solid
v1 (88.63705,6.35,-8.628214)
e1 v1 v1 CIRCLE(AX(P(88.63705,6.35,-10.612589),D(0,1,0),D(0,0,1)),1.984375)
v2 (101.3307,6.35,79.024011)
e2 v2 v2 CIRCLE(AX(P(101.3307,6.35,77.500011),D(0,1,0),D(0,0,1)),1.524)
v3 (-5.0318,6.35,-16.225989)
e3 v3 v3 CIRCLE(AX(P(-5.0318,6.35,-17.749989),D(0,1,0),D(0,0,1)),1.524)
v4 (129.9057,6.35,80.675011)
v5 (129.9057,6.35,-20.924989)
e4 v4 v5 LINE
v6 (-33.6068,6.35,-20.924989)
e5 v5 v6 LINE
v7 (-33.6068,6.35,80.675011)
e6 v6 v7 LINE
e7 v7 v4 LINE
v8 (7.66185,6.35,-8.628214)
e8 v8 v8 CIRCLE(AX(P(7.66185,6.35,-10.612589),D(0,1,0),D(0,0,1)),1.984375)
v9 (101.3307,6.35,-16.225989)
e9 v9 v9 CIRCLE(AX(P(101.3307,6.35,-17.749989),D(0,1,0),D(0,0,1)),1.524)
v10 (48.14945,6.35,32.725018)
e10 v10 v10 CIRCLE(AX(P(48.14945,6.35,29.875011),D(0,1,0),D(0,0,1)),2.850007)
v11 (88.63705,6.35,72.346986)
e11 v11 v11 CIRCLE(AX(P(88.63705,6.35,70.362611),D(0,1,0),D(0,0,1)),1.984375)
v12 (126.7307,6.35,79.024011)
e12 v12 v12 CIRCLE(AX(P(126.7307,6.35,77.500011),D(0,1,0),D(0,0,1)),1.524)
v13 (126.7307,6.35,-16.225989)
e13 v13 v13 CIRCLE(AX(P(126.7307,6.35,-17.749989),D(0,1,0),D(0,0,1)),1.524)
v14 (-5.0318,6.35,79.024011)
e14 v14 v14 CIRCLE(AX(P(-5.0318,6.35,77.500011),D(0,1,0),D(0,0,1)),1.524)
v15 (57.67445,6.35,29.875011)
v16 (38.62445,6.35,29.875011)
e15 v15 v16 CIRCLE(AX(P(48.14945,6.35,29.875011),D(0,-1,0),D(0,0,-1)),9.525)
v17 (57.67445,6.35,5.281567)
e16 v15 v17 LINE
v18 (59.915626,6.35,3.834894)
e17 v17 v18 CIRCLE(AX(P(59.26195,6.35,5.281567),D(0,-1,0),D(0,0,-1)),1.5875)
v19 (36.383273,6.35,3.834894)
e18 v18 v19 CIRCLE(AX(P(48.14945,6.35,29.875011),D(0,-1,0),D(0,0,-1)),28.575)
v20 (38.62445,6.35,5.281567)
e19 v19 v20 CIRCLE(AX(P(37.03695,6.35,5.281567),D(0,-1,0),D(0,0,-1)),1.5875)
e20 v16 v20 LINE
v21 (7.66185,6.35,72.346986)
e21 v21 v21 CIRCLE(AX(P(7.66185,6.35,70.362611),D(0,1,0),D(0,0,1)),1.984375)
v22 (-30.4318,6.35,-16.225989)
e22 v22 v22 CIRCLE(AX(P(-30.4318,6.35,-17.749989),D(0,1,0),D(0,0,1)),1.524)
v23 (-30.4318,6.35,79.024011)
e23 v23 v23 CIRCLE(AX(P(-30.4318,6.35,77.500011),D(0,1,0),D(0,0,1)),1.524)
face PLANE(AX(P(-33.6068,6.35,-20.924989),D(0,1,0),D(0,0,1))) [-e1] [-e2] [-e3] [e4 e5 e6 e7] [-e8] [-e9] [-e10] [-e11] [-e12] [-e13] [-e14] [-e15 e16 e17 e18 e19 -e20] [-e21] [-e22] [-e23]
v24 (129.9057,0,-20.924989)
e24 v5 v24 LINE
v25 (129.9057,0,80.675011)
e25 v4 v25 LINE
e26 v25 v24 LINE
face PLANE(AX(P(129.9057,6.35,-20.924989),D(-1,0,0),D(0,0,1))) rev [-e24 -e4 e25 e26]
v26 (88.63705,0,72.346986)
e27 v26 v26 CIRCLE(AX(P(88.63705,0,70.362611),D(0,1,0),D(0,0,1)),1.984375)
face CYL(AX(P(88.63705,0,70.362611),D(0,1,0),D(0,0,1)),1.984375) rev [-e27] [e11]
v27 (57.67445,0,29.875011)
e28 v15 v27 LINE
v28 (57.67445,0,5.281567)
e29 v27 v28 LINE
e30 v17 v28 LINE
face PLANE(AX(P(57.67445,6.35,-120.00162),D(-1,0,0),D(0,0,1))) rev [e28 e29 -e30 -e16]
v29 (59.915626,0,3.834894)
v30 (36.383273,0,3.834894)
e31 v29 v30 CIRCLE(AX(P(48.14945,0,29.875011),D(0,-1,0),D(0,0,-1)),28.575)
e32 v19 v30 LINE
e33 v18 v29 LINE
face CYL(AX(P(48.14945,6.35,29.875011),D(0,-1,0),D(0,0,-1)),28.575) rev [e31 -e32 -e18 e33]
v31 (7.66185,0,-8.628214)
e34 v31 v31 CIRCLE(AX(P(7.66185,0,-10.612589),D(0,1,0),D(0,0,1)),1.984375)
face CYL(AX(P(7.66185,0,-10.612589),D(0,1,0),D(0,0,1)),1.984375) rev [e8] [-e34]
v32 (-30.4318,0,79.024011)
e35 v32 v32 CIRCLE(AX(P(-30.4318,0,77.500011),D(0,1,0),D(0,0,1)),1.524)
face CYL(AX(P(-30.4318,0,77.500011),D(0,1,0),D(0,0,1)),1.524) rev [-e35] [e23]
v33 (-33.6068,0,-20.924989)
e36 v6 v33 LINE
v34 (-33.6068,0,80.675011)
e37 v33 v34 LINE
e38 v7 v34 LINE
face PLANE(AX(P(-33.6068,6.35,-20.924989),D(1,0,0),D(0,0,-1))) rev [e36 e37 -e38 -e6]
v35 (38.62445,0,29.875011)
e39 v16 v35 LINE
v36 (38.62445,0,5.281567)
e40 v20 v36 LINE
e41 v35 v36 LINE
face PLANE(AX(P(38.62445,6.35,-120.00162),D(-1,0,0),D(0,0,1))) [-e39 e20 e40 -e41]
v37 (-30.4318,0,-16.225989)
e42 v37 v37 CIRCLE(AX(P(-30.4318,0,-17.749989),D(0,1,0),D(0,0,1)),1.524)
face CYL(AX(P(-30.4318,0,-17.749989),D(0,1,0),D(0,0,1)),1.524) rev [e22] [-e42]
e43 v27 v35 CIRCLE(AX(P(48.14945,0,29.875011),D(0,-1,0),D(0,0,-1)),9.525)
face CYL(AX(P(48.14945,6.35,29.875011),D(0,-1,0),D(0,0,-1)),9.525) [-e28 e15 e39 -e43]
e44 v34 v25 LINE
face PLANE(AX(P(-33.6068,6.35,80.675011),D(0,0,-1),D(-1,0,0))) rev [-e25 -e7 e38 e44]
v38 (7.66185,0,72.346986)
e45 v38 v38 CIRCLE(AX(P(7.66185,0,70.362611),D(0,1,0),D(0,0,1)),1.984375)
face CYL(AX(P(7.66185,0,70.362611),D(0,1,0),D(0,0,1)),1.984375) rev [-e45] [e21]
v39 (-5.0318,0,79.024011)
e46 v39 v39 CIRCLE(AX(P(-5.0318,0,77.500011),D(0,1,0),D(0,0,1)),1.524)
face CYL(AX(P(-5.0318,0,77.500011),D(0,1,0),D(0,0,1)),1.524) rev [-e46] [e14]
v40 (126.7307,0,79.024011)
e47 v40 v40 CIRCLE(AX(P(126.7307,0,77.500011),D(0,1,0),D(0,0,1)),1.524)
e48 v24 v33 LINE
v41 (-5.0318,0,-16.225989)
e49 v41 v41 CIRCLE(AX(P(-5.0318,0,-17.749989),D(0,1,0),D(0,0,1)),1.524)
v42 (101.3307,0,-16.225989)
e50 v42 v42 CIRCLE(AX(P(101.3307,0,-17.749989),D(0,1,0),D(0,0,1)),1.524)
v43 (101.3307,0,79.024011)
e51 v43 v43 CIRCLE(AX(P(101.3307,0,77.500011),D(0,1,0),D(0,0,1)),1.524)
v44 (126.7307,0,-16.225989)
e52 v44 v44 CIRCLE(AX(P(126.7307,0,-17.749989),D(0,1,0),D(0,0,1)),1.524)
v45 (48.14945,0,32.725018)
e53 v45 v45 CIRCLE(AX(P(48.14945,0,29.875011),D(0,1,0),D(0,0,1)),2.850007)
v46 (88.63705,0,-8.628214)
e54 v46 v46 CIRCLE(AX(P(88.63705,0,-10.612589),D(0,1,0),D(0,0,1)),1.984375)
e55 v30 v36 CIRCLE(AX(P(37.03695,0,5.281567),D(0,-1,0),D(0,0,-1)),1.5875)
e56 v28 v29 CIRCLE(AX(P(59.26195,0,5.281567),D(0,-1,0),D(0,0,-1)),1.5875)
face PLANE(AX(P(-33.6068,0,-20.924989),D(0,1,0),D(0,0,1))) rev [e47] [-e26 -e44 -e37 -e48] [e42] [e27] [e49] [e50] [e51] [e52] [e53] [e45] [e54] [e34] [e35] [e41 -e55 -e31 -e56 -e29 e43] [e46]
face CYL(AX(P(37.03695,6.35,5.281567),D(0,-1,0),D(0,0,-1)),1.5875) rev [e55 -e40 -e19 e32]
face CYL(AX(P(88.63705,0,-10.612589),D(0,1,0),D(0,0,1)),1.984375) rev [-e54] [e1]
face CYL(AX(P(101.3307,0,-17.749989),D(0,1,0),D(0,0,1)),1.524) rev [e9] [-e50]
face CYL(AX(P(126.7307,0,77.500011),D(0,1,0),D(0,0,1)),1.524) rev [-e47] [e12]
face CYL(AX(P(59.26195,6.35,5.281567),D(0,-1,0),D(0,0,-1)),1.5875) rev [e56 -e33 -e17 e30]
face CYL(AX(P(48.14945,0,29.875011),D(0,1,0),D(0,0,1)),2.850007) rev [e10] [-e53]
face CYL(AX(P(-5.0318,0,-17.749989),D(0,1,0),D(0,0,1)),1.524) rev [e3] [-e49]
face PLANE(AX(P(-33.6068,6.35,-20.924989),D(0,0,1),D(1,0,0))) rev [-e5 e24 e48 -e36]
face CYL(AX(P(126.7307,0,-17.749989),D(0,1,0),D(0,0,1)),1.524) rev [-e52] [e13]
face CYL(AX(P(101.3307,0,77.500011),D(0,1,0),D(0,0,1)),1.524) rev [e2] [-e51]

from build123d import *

# Parameters (mm, degrees)
SKETCH2_W          = 163.5125
SKETCH2_H          = 101.6
EXTRUDE1_DEPTH     = 6.35
SKETCH3_R          = 1.524
CUT_EXTRUDE1_DEPTH = 7.35
SKETCH4_R          = 1.984375
CUT_EXTRUDE2_DEPTH = 7.35
SKETCH5_R          = 2.850007
CUT_EXTRUDE3_DEPTH = 7.35
CUT_EXTRUDE4_DEPTH = 7.35


with BuildPart() as part:
    # Sketch2 → Extrude1 (new body)
    with BuildSketch(Plane(origin=(0, 0, 0), x_dir=(1, 0, 0), z_dir=(0, 1, 0))):
        with Locations((48.149449764, -29.875011174)):
            Rectangle(SKETCH2_W, SKETCH2_H)
    extrude(amount=EXTRUDE1_DEPTH)

    # Sketch3 → Cut-Extrude1 (cut, through all)
    with BuildSketch(Plane(origin=(0, 6.35, 0), x_dir=(1, 0, 0), z_dir=(0, 1, 0))):
        with Locations(Location((-30.431800236, 17.749988826, 0), (0, 0, 270))):  # turned: the seam where the file's is
            Circle(SKETCH3_R)
        with Locations(Location((-30.431800236, -77.500011174, 0), (0, 0, 270))):  # turned: the seam where the file's is
            Circle(SKETCH3_R)
        with Locations(Location((126.730699764, -77.500011174, 0), (0, 0, 270))):  # turned: the seam where the file's is
            Circle(SKETCH3_R)
        with Locations(Location((126.730699764, 17.749988826, 0), (0, 0, 270))):  # turned: the seam where the file's is
            Circle(SKETCH3_R)
        with Locations(Location((-5.031800236, 17.749988826, 0), (0, 0, 270))):  # turned: the seam where the file's is
            Circle(SKETCH3_R)
        with Locations(Location((-5.031800236, -77.500011174, 0), (0, 0, 270))):  # turned: the seam where the file's is
            Circle(SKETCH3_R)
        with Locations(Location((101.330699764, 17.749988826, 0), (0, 0, 270))):  # turned: the seam where the file's is
            Circle(SKETCH3_R)
        with Locations(Location((101.330699764, -77.500011174, 0), (0, 0, 270))):  # turned: the seam where the file's is
            Circle(SKETCH3_R)
    extrude(amount=-CUT_EXTRUDE1_DEPTH, mode=Mode.SUBTRACT)

    # Sketch4 → Cut-Extrude2 (cut, through all)
    with BuildSketch(Plane(origin=(0, 6.35, 0), x_dir=(1, 0, 0), z_dir=(0, 1, 0))):
        with Locations(Location((7.661849764, 10.612588826, 0), (0, 0, 270))):  # turned: the seam where the file's is
            Circle(SKETCH4_R)
        with Locations(Location((88.637049764, 10.612588826, 0), (0, 0, 270))):  # turned: the seam where the file's is
            Circle(SKETCH4_R)
        with Locations(Location((7.661849764, -70.362611174, 0), (0, 0, 270))):  # turned: the seam where the file's is
            Circle(SKETCH4_R)
        with Locations(Location((88.637049764, -70.362611174, 0), (0, 0, 270))):  # turned: the seam where the file's is
            Circle(SKETCH4_R)
    extrude(amount=-CUT_EXTRUDE2_DEPTH, mode=Mode.SUBTRACT)

    # Sketch5 → Cut-Extrude3 (cut, through all)
    with BuildSketch(Plane(origin=(0, 6.35, 0), x_dir=(1, 0, 0), z_dir=(0, 1, 0))):
        with Locations(Location((48.149449764, -29.875011174, 0), (0, 0, 270))):  # turned: the seam where the file's is
            Circle(SKETCH5_R)
    extrude(amount=-CUT_EXTRUDE3_DEPTH, mode=Mode.SUBTRACT)

    # Sketch6 → Cut-Extrude4 (cut, through all)
    with BuildSketch(Plane.XZ):
        with BuildLine():
            Line((38.624449764, 5.281566926), (38.624449764, 29.875011174))
            ThreePointArc((38.624449764, 29.875011174), (48.149449764, 39.400011174), (57.674449764, 29.875011174))
            Line((57.674449764, 29.875011174), (57.674449764, 5.281566926))
            ThreePointArc((57.674449764, 5.281566926), (58.40100701, 3.947800145), (59.915626235, 3.834893734))
            ThreePointArc((59.915626235, 3.834893734), (72.157251805, 14.378041594), (76.724449764, 29.875011174))
            ThreePointArc((76.724449764, 29.875011174), (32.652480184, 53.882813215), (36.383273294, 3.834893734))
            ThreePointArc((36.383273294, 3.834893734), (37.897892519, 3.947800145), (38.624449764, 5.281566926))
        make_face()
    extrude(amount=-CUT_EXTRUDE4_DEPTH, mode=Mode.SUBTRACT)


solid = part.part
